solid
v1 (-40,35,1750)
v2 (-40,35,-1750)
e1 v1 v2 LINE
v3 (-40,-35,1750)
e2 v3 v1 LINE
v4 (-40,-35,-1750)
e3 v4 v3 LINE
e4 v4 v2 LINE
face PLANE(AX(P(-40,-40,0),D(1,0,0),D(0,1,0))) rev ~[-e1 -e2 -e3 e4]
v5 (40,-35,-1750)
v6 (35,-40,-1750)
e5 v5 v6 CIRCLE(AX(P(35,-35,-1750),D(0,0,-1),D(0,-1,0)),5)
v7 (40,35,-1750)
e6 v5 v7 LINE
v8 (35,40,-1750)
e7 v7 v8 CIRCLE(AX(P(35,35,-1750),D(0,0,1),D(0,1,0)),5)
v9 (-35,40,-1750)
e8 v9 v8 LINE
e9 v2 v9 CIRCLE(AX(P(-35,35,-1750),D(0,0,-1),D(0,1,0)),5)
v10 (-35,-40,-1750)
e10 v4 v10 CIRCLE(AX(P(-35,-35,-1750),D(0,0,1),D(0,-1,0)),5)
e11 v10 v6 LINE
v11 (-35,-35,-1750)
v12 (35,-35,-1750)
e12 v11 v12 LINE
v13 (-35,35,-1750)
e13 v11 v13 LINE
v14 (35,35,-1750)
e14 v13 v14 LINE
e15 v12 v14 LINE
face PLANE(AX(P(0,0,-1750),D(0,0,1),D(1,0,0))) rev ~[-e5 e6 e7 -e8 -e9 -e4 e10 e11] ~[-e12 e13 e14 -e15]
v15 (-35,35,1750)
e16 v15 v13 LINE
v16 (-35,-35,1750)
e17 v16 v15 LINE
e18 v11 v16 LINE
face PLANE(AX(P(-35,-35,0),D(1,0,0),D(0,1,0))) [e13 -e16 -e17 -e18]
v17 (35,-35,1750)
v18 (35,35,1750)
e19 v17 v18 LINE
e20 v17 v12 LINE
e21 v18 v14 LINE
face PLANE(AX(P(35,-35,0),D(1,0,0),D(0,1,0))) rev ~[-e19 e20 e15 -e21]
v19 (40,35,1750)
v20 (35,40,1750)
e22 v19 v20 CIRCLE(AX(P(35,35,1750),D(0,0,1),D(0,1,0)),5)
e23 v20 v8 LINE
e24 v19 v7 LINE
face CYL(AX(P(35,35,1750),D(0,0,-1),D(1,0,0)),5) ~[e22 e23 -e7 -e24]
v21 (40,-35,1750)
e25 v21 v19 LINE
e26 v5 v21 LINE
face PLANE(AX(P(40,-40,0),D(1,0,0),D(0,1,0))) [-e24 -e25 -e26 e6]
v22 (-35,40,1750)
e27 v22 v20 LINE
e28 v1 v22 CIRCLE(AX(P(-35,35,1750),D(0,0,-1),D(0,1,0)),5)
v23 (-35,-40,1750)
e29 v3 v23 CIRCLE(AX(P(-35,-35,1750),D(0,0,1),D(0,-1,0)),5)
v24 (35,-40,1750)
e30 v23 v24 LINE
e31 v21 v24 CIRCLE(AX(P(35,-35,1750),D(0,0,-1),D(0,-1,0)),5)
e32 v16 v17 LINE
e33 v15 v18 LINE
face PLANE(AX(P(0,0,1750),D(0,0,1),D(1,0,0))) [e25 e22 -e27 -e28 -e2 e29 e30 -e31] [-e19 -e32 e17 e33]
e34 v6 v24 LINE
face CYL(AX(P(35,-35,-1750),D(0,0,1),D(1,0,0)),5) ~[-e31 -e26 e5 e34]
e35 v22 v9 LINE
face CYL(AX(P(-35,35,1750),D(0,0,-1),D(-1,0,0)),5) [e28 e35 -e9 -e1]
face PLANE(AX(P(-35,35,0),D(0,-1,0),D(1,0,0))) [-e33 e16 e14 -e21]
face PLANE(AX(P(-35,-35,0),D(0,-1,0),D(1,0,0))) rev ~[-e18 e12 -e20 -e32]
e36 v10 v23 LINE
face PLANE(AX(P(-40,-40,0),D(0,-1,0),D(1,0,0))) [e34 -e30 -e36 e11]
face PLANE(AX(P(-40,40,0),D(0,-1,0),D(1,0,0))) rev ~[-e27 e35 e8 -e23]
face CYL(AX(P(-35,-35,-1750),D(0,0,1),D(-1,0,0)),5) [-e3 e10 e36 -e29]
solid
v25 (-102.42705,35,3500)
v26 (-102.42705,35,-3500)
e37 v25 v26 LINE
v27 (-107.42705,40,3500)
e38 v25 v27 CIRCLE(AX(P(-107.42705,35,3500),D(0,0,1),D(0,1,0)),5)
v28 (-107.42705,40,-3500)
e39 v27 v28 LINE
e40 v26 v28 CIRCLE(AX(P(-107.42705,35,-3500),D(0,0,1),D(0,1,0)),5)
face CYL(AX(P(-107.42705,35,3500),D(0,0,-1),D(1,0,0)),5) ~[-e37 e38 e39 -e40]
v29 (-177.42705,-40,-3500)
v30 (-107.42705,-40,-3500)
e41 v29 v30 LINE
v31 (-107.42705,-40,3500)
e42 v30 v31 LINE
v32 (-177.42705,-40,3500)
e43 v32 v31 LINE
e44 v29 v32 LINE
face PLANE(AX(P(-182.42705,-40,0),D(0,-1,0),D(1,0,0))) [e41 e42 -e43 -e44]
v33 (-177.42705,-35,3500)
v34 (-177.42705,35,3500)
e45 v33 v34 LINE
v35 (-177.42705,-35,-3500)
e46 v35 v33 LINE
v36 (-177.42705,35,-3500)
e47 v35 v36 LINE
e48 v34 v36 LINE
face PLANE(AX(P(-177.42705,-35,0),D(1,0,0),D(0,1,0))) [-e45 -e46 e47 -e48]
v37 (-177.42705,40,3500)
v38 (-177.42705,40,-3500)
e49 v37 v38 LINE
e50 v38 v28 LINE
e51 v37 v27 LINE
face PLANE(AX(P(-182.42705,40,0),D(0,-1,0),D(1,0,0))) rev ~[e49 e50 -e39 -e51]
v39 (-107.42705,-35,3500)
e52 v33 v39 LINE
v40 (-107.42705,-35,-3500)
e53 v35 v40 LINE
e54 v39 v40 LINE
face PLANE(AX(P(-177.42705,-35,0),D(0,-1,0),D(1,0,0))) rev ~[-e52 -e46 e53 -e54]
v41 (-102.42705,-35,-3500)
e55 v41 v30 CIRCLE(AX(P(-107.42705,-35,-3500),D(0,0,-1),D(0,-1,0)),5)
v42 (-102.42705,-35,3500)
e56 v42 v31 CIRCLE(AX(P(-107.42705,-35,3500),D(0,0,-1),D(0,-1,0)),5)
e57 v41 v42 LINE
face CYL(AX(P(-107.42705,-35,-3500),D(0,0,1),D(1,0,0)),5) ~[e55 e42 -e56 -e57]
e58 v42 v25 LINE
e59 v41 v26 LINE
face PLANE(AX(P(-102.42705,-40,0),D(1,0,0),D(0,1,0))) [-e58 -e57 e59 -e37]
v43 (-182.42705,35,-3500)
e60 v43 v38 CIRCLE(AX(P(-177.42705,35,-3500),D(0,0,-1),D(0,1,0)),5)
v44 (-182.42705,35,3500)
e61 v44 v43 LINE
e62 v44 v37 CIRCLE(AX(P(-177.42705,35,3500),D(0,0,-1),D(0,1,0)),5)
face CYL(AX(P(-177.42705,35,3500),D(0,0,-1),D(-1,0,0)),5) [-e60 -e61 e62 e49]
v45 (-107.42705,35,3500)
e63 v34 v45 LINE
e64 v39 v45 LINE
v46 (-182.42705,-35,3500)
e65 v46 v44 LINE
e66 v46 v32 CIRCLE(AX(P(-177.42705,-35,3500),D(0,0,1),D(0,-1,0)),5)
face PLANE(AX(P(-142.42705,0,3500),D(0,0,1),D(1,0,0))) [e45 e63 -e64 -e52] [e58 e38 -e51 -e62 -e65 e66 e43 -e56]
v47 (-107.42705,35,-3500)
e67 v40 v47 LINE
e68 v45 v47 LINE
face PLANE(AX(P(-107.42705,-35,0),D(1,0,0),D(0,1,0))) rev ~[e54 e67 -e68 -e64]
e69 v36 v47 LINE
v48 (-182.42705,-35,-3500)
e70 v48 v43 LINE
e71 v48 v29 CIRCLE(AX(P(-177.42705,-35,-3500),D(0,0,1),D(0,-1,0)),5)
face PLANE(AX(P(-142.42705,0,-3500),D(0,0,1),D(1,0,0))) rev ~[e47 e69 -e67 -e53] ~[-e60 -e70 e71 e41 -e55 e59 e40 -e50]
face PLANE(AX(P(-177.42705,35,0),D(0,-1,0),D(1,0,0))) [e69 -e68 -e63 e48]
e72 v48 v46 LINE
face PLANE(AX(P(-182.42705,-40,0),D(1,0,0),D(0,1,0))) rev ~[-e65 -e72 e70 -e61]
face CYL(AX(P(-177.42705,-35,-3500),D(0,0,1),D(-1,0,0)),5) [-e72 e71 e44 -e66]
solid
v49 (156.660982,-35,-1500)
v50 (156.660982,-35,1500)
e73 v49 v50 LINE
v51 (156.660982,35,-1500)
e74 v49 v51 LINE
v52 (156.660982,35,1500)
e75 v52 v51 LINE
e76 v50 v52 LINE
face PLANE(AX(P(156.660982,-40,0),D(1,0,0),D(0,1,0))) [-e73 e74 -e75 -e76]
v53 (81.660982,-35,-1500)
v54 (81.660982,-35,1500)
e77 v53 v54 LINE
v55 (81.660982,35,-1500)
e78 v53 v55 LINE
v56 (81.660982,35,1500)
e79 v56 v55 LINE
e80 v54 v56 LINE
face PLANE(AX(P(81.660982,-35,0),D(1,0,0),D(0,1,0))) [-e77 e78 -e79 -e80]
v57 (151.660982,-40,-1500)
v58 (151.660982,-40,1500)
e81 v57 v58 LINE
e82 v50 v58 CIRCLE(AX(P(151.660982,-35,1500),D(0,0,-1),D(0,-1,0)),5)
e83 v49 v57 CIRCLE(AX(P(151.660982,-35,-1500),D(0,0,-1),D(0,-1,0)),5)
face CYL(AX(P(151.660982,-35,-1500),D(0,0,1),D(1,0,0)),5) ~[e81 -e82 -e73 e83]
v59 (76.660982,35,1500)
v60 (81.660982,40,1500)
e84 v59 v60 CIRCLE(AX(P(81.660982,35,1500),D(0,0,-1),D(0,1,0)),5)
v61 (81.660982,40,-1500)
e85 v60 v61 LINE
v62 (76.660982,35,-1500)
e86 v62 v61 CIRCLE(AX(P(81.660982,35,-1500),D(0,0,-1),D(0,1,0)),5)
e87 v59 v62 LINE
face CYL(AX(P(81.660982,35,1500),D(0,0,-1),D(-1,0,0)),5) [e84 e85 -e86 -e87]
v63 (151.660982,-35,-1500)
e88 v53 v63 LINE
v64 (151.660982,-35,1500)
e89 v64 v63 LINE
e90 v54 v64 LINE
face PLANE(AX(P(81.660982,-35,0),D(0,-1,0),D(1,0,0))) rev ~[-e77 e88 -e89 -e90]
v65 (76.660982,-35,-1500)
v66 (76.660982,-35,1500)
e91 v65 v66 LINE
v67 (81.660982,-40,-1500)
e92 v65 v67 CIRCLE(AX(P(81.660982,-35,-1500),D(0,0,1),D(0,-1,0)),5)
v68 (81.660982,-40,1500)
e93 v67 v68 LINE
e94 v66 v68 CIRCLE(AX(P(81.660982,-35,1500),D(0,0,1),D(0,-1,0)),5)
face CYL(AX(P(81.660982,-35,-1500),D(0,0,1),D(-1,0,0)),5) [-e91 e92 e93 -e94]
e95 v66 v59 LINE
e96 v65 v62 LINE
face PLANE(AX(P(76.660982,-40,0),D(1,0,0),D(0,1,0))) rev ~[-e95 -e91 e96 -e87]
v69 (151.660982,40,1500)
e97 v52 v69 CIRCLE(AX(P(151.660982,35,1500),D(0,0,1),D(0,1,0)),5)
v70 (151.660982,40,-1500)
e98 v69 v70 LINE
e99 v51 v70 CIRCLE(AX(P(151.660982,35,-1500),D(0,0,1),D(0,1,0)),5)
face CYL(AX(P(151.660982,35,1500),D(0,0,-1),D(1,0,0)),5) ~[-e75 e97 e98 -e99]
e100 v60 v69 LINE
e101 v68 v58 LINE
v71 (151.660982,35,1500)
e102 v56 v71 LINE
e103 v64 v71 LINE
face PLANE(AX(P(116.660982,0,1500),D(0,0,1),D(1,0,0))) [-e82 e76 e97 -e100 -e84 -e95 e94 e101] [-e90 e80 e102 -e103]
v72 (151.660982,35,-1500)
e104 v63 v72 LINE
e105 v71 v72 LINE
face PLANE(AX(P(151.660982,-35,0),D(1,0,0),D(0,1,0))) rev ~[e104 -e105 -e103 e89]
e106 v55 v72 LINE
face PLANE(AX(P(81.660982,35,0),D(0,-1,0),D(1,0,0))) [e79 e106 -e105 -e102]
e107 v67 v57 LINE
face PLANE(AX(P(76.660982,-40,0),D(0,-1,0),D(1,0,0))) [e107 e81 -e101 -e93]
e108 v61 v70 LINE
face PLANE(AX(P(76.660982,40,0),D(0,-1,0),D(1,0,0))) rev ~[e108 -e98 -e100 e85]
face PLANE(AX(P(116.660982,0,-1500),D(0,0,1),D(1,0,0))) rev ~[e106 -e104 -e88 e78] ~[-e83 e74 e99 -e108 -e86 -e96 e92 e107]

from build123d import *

# Parameters (mm, degrees)
F0_W     = 80
F0_H     = 80
F0_W_2   = 70
F0_H_2   = 70
F1_DEPTH = 1750
F2_W     = 80
F2_H     = 80
F2_W_2   = 70
F2_H_2   = 70
F3_DEPTH = 1500
F4_W     = 80
F4_H     = 80
F4_W_2   = 70
F4_H_2   = 70
F5_DEPTH = 3500
F6_R     = 5
F6_2_R   = 5
F6_3_R   = 5


with BuildPart() as f1:
    # F0 (on Top) → F1 (new body, symmetric)
    with BuildSketch(Plane.XY):
        Rectangle(F0_W, F0_H)
        Rectangle(F0_W_2, F0_H_2, mode=Mode.SUBTRACT)
    extrude(amount=F1_DEPTH, both=True)

    # F6
    f6_edges = [f1.edges().sort_by_distance(p)[0] for p in [
        (-40, 40, 0),
        (-40, -40, 0),
        (40, -40, 0),
        (40, 40, 0),
    ]]
    fillet(f6_edges, radius=F6_R)


with BuildPart() as f3:
    # F2 (on Top) → F3 (new body, symmetric)
    with BuildSketch(Plane.XY):
        with Locations((116.6609823704, 0)):
            Rectangle(F2_W, F2_H)
        with Locations((116.6609823704, 0)):
            Rectangle(F2_W_2, F2_H_2, mode=Mode.SUBTRACT)
    extrude(amount=F3_DEPTH, both=True)

    # F6#2
    f6_2_edges = [f3.edges().sort_by_distance(p)[0] for p in [
        (156.660982, -40, 0),
        (76.660982, -40, 0),
        (156.660982, 40, 0),
        (76.660982, 40, 0),
    ]]
    fillet(f6_2_edges, radius=F6_2_R)


with BuildPart() as f5:
    # F4 (on Top) → F5 (new body, symmetric)
    with BuildSketch(Plane.XY):
        with Locations((-142.4270495772, 0)):
            Rectangle(F4_W, F4_H)
        with Locations((-142.4270495772, 0)):
            Rectangle(F4_W_2, F4_H_2, mode=Mode.SUBTRACT)
    extrude(amount=F5_DEPTH, both=True)

    # F6#3
    f6_3_edges = [f5.edges().sort_by_distance(p)[0] for p in [
        (-102.42705, -40, 0),
        (-182.42705, -40, 0),
        (-102.42705, 40, 0),
        (-182.42705, 40, 0),
    ]]
    fillet(f6_3_edges, radius=F6_3_R)


solid = Compound([f1.part, f3.part, f5.part])
